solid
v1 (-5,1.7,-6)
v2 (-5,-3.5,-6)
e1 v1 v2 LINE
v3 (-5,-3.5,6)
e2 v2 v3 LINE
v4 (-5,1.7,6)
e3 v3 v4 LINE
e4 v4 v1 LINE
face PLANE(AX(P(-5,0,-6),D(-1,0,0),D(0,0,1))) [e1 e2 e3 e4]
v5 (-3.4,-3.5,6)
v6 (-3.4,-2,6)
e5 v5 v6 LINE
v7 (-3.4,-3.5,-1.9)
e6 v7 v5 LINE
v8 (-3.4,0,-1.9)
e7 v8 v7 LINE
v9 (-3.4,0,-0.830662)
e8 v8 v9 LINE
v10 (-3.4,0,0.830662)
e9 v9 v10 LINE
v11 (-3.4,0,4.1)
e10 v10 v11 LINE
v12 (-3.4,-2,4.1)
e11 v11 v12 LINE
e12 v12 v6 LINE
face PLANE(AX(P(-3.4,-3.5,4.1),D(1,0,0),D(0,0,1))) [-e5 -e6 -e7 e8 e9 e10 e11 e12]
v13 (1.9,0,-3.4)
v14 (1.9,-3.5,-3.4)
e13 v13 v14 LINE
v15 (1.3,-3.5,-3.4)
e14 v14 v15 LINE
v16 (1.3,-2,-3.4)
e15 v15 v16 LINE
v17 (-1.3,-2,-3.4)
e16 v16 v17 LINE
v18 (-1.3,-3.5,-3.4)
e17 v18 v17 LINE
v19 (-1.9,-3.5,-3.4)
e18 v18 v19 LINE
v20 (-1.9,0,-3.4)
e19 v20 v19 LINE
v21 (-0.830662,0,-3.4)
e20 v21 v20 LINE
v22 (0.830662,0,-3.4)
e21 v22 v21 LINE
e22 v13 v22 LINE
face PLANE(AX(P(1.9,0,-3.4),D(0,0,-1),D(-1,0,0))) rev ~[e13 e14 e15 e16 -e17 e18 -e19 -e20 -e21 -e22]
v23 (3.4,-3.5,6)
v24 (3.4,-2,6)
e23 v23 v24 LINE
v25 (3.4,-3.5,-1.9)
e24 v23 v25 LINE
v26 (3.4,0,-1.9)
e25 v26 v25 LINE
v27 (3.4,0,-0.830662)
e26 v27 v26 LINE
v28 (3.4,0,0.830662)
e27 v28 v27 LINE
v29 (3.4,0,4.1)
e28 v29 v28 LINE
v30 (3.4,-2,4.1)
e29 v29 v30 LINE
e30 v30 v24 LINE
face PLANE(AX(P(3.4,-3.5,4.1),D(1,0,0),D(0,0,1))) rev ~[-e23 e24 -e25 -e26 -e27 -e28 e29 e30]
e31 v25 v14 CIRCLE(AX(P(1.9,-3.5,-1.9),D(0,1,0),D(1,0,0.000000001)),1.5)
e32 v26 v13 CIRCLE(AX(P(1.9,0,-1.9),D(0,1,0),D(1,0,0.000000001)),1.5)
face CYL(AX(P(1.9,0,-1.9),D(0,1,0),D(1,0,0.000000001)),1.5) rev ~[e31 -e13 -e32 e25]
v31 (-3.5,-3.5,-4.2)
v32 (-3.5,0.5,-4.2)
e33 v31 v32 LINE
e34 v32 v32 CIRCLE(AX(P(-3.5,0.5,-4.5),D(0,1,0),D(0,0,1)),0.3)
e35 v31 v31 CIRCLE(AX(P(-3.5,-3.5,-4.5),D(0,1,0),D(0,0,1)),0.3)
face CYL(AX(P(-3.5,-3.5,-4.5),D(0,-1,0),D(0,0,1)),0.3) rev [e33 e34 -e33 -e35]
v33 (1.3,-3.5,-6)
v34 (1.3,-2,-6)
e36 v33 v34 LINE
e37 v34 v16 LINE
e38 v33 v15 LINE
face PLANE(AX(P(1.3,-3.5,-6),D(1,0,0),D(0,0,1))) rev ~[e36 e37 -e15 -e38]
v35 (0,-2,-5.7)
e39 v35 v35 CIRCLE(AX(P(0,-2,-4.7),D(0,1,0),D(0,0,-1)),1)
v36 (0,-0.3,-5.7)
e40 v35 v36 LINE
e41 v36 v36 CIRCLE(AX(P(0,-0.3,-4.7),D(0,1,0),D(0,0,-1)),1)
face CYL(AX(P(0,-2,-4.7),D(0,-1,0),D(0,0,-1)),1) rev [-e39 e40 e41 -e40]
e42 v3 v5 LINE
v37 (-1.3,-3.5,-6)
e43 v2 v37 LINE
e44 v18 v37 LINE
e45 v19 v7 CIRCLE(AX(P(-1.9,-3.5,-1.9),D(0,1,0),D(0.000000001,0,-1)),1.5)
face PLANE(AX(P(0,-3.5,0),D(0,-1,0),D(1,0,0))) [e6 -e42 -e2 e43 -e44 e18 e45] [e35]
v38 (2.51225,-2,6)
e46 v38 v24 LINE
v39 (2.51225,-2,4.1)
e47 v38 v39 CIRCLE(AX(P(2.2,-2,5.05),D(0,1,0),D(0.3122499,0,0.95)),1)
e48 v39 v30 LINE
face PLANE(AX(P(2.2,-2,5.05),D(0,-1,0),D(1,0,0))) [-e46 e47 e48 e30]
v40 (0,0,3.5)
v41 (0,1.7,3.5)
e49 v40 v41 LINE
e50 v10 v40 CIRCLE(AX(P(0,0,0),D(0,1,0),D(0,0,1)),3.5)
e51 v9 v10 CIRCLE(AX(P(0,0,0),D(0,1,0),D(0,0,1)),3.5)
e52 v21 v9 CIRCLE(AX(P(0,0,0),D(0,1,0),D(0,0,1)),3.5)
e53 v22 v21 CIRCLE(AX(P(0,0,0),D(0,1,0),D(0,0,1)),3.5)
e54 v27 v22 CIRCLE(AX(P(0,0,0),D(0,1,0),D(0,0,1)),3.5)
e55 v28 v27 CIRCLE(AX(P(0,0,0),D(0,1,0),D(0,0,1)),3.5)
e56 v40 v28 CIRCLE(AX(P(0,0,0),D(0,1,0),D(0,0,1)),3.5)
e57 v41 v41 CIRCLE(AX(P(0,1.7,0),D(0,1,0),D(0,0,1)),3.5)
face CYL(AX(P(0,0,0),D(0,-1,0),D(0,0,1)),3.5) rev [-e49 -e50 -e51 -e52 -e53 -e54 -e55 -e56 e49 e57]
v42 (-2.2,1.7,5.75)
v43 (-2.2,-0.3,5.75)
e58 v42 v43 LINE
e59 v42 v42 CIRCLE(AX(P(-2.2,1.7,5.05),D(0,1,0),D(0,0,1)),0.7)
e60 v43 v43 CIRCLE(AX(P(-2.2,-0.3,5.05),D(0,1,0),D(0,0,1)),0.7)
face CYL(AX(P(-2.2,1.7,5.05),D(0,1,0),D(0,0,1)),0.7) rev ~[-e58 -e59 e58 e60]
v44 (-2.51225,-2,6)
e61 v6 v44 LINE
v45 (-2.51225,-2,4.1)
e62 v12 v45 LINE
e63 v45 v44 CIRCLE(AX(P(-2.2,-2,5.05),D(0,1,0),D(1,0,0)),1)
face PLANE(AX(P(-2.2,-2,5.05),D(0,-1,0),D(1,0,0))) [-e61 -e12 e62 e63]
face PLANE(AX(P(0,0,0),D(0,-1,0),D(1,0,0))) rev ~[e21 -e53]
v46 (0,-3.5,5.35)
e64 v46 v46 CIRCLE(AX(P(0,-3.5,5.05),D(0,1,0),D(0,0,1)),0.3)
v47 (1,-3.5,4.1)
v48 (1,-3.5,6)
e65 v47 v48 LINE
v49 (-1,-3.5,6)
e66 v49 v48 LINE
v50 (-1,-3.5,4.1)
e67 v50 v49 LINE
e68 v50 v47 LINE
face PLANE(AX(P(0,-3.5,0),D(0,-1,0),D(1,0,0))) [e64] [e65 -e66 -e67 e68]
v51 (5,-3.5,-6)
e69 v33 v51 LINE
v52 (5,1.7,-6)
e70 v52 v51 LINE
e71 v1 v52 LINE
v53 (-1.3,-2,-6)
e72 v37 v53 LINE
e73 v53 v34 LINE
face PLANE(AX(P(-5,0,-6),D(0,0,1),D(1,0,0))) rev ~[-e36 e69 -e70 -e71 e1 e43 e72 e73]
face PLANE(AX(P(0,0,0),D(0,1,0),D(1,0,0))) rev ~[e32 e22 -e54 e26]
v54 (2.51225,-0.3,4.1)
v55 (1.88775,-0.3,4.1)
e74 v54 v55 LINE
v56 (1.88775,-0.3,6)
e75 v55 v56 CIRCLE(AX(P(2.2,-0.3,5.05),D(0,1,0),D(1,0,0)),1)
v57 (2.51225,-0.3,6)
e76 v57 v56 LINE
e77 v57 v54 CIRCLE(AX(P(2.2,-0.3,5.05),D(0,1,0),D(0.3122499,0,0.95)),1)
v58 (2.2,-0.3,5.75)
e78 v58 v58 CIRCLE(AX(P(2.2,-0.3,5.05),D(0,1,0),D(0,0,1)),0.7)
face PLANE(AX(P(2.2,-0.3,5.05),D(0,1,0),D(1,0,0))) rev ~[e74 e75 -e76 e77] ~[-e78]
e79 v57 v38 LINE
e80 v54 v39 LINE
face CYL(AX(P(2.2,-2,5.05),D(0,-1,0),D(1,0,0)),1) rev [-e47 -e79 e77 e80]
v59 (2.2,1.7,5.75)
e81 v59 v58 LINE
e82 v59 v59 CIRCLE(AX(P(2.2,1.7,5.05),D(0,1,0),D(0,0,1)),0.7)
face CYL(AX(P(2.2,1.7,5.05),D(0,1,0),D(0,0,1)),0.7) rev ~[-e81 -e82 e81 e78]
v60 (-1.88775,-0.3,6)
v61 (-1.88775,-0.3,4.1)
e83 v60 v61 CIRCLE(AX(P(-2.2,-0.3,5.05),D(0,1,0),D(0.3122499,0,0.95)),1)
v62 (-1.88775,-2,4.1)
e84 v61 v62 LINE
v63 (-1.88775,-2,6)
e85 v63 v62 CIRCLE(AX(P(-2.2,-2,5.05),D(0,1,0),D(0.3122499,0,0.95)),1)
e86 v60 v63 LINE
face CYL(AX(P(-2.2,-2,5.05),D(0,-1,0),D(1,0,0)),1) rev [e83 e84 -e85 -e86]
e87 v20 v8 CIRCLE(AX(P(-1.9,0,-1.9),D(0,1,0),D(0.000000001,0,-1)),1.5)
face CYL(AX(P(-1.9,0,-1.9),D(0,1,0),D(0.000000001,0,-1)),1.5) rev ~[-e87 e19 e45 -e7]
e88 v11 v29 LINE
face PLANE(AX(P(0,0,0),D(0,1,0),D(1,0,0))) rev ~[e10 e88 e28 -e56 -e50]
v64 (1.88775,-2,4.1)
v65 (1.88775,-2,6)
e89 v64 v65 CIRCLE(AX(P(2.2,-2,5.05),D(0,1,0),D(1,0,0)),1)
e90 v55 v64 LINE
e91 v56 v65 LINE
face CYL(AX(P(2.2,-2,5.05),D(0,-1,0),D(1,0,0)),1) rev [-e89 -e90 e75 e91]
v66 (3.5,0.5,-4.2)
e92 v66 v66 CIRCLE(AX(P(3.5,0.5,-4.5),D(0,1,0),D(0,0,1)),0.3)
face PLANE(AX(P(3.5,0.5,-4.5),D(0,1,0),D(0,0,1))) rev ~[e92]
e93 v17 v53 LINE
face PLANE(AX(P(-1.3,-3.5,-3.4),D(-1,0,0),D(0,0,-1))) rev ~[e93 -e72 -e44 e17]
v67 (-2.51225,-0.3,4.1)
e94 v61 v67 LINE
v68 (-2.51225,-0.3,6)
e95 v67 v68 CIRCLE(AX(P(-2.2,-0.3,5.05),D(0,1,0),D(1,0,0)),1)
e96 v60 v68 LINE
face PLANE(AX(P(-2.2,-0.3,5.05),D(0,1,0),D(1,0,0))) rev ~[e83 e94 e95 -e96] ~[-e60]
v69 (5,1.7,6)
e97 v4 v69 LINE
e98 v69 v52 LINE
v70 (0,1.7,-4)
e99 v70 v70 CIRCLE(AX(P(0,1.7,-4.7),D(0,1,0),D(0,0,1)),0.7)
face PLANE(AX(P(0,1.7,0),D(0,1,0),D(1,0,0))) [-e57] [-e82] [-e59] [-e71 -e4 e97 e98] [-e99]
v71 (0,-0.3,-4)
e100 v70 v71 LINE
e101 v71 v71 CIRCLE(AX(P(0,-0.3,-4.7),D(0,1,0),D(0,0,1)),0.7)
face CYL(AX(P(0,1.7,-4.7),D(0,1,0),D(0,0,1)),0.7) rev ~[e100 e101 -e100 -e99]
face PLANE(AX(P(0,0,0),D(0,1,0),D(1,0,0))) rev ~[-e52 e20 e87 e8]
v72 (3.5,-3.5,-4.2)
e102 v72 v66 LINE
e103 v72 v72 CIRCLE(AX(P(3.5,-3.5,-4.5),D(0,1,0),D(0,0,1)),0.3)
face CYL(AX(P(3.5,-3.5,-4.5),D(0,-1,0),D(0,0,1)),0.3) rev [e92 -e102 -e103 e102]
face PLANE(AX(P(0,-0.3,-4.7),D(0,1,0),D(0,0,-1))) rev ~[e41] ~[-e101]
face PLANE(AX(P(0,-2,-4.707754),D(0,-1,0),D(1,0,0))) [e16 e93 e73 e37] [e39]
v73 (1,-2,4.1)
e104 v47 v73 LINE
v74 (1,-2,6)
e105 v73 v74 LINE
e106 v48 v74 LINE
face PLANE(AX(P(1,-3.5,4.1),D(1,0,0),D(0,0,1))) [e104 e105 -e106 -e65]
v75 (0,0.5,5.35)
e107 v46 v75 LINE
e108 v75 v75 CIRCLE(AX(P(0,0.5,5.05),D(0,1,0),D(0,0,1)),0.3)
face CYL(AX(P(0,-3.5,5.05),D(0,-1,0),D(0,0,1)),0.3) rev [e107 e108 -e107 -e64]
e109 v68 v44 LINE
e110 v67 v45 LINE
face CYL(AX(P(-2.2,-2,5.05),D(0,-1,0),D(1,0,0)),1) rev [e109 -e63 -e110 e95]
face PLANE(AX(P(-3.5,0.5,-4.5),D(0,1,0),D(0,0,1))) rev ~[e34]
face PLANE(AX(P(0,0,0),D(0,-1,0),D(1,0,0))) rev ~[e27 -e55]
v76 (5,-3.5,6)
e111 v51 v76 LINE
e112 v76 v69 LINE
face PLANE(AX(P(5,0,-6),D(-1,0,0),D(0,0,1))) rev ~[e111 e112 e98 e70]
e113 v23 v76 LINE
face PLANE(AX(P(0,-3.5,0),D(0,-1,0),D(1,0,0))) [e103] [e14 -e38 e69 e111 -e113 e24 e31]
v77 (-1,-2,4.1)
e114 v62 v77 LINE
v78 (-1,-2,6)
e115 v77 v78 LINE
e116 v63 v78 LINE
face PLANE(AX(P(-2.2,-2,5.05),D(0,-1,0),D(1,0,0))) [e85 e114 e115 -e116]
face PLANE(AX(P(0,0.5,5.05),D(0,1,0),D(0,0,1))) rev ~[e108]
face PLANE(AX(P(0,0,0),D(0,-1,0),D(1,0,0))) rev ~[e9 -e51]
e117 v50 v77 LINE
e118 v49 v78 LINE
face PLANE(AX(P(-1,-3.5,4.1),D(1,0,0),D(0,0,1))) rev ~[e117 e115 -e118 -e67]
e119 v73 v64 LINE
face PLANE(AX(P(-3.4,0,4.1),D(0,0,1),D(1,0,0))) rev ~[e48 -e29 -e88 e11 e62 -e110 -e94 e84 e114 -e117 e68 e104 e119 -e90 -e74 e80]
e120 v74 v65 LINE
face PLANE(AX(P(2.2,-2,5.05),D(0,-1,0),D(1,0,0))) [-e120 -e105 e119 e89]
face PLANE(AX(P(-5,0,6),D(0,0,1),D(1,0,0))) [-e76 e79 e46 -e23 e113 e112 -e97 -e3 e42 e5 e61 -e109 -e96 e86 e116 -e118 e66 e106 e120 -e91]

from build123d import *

# Parameters (mm, degrees)
SKETCH_1_W          = 10
SKETCH_1_H          = 12
SKETCH_1_R          = 3.5
EXTRUDE_1_DEPTH     = 1.7
SKETCH_4_W          = 10
SKETCH_4_H          = 12
EXTRUDE_2_DEPTH     = 3.5
CUT_EXTRUDE_START   = 3.5
SKETCH_4_3_W        = 2.4
SKETCH_4_3_H        = 1.9
CUT_EXTRUDE_2_DEPTH = 1.5
SKETCH_5_R          = 0.7
CUT_EXTRUDE_3_DEPTH = 10.382963285
CUT_EXTRUDE_START_2 = -3.7
SKETCH_5_3_R        = 1
CUT_EXTRUDE_4_DEPTH = 1.7
CUT_EXTRUDE_START_3 = -5.2
SKETCH_5_4_R        = 0.3
CUT_EXTRUDE_5_DEPTH = 4


with BuildPart() as part:
    # 草图1 → 凸台-拉伸1 (new body)
    with BuildSketch(Plane(origin=(0, 0, 0), x_dir=(1, 0, 0), z_dir=(0, 1, 0))):
        Rectangle(SKETCH_1_W, SKETCH_1_H)
        with Locations(Location((0, 0, 0), (0, 0, 270))):
            Circle(SKETCH_1_R, mode=Mode.SUBTRACT)
    extrude(amount=EXTRUDE_1_DEPTH)

    # 草图4 → 凸台-拉伸2 (add)
    with BuildSketch(Plane.XZ):
        Rectangle(SKETCH_4_W, SKETCH_4_H)
        with BuildLine():
            Line((3.4, 4.1), (3.4, -1.9))
            ThreePointArc((3.4, -1.9), (2.960660172, -2.960660172), (1.9, -3.4))
            Line((1.9, -3.4), (-1.9, -3.4))
            ThreePointArc((-1.9, -3.4), (-2.960660172, -2.960660172), (-3.4, -1.9))
            Line((-3.4, -1.9), (-3.4, 4.1))
            Line((-3.4, 4.1), (3.4, 4.1))
        make_face(mode=Mode.SUBTRACT)
    extrude(amount=EXTRUDE_2_DEPTH)

    # 草图4<3> → 切除-拉伸2 (cut)
    with BuildSketch(Plane.XZ.offset(CUT_EXTRUDE_START)):
        with Locations((-2.2, 5.05)):
            Rectangle(SKETCH_4_3_W, SKETCH_4_3_H)
        with Locations((2.2, 5.05)):
            Rectangle(SKETCH_4_3_W, SKETCH_4_3_H)
        with BuildLine():
            Line((1.3, -6), (1.3, -3.4))
            Line((1.3, -3.4), (0.830662386, -3.4))
            ThreePointArc((0.830662386, -3.4), (0, -3.5), (-0.830662386, -3.4))
            Line((-0.830662386, -3.4), (-1.3, -3.4))
            Line((-1.3, -3.4), (-1.3, -6))
            Line((-1.3, -6), (1.3, -6))
        make_face()
        with BuildLine():
            ThreePointArc((-0.830662386, -3.4), (0, -3.5), (0.830662386, -3.4))
            Line((0.830662386, -3.4), (-0.830662386, -3.4))
        make_face()
    extrude(amount=-CUT_EXTRUDE_2_DEPTH, mode=Mode.SUBTRACT)

    # 草图5 → 切除-拉伸3 (cut, through all)
    with BuildSketch(Plane(origin=(0, 1.7, 0), x_dir=(1, 0, 0), z_dir=(0, 1, 0))):
        with Locations(Location((0, 4.7, 0), (0, 0, 270))):
            Circle(SKETCH_5_R)
        with Locations(Location((2.2, -5.05, 0), (0, 0, 270))):
            Circle(SKETCH_5_R)
        with Locations(Location((-2.2, -5.05, 0), (0, 0, 270))):
            Circle(SKETCH_5_R)
    extrude(amount=-CUT_EXTRUDE_3_DEPTH, mode=Mode.SUBTRACT)

    # 草图5<3> → 切除-拉伸4 (cut)
    with BuildSketch(Plane(origin=(0, 1.7, 0), x_dir=(1, 0, 0), z_dir=(0, 1, 0)).offset(CUT_EXTRUDE_START_2)):
        with Locations((2.2, -5.05)):
            Circle(SKETCH_5_3_R)
        with Locations((-2.2, -5.05)):
            Circle(SKETCH_5_3_R)
        with Locations(Location((0, 4.7, 0), (0, 0, 90))):
            Circle(SKETCH_5_3_R)
    extrude(amount=CUT_EXTRUDE_4_DEPTH, mode=Mode.SUBTRACT)

    # 草图5<4> → 切除-拉伸5 (cut)
    with BuildSketch(Plane(origin=(0, 1.7, 0), x_dir=(1, 0, 0), z_dir=(0, 1, 0)).offset(CUT_EXTRUDE_START_3)):
        with Locations(Location((3.5, 4.5, 0), (0, 0, 270))):
            Circle(SKETCH_5_4_R)
        with Locations(Location((-3.5, 4.5, 0), (0, 0, 270))):
            Circle(SKETCH_5_4_R)
        with Locations(Location((0, -5.05, 0), (0, 0, 270))):
            Circle(SKETCH_5_4_R)
    extrude(amount=CUT_EXTRUDE_5_DEPTH, mode=Mode.SUBTRACT)


solid = part.part
